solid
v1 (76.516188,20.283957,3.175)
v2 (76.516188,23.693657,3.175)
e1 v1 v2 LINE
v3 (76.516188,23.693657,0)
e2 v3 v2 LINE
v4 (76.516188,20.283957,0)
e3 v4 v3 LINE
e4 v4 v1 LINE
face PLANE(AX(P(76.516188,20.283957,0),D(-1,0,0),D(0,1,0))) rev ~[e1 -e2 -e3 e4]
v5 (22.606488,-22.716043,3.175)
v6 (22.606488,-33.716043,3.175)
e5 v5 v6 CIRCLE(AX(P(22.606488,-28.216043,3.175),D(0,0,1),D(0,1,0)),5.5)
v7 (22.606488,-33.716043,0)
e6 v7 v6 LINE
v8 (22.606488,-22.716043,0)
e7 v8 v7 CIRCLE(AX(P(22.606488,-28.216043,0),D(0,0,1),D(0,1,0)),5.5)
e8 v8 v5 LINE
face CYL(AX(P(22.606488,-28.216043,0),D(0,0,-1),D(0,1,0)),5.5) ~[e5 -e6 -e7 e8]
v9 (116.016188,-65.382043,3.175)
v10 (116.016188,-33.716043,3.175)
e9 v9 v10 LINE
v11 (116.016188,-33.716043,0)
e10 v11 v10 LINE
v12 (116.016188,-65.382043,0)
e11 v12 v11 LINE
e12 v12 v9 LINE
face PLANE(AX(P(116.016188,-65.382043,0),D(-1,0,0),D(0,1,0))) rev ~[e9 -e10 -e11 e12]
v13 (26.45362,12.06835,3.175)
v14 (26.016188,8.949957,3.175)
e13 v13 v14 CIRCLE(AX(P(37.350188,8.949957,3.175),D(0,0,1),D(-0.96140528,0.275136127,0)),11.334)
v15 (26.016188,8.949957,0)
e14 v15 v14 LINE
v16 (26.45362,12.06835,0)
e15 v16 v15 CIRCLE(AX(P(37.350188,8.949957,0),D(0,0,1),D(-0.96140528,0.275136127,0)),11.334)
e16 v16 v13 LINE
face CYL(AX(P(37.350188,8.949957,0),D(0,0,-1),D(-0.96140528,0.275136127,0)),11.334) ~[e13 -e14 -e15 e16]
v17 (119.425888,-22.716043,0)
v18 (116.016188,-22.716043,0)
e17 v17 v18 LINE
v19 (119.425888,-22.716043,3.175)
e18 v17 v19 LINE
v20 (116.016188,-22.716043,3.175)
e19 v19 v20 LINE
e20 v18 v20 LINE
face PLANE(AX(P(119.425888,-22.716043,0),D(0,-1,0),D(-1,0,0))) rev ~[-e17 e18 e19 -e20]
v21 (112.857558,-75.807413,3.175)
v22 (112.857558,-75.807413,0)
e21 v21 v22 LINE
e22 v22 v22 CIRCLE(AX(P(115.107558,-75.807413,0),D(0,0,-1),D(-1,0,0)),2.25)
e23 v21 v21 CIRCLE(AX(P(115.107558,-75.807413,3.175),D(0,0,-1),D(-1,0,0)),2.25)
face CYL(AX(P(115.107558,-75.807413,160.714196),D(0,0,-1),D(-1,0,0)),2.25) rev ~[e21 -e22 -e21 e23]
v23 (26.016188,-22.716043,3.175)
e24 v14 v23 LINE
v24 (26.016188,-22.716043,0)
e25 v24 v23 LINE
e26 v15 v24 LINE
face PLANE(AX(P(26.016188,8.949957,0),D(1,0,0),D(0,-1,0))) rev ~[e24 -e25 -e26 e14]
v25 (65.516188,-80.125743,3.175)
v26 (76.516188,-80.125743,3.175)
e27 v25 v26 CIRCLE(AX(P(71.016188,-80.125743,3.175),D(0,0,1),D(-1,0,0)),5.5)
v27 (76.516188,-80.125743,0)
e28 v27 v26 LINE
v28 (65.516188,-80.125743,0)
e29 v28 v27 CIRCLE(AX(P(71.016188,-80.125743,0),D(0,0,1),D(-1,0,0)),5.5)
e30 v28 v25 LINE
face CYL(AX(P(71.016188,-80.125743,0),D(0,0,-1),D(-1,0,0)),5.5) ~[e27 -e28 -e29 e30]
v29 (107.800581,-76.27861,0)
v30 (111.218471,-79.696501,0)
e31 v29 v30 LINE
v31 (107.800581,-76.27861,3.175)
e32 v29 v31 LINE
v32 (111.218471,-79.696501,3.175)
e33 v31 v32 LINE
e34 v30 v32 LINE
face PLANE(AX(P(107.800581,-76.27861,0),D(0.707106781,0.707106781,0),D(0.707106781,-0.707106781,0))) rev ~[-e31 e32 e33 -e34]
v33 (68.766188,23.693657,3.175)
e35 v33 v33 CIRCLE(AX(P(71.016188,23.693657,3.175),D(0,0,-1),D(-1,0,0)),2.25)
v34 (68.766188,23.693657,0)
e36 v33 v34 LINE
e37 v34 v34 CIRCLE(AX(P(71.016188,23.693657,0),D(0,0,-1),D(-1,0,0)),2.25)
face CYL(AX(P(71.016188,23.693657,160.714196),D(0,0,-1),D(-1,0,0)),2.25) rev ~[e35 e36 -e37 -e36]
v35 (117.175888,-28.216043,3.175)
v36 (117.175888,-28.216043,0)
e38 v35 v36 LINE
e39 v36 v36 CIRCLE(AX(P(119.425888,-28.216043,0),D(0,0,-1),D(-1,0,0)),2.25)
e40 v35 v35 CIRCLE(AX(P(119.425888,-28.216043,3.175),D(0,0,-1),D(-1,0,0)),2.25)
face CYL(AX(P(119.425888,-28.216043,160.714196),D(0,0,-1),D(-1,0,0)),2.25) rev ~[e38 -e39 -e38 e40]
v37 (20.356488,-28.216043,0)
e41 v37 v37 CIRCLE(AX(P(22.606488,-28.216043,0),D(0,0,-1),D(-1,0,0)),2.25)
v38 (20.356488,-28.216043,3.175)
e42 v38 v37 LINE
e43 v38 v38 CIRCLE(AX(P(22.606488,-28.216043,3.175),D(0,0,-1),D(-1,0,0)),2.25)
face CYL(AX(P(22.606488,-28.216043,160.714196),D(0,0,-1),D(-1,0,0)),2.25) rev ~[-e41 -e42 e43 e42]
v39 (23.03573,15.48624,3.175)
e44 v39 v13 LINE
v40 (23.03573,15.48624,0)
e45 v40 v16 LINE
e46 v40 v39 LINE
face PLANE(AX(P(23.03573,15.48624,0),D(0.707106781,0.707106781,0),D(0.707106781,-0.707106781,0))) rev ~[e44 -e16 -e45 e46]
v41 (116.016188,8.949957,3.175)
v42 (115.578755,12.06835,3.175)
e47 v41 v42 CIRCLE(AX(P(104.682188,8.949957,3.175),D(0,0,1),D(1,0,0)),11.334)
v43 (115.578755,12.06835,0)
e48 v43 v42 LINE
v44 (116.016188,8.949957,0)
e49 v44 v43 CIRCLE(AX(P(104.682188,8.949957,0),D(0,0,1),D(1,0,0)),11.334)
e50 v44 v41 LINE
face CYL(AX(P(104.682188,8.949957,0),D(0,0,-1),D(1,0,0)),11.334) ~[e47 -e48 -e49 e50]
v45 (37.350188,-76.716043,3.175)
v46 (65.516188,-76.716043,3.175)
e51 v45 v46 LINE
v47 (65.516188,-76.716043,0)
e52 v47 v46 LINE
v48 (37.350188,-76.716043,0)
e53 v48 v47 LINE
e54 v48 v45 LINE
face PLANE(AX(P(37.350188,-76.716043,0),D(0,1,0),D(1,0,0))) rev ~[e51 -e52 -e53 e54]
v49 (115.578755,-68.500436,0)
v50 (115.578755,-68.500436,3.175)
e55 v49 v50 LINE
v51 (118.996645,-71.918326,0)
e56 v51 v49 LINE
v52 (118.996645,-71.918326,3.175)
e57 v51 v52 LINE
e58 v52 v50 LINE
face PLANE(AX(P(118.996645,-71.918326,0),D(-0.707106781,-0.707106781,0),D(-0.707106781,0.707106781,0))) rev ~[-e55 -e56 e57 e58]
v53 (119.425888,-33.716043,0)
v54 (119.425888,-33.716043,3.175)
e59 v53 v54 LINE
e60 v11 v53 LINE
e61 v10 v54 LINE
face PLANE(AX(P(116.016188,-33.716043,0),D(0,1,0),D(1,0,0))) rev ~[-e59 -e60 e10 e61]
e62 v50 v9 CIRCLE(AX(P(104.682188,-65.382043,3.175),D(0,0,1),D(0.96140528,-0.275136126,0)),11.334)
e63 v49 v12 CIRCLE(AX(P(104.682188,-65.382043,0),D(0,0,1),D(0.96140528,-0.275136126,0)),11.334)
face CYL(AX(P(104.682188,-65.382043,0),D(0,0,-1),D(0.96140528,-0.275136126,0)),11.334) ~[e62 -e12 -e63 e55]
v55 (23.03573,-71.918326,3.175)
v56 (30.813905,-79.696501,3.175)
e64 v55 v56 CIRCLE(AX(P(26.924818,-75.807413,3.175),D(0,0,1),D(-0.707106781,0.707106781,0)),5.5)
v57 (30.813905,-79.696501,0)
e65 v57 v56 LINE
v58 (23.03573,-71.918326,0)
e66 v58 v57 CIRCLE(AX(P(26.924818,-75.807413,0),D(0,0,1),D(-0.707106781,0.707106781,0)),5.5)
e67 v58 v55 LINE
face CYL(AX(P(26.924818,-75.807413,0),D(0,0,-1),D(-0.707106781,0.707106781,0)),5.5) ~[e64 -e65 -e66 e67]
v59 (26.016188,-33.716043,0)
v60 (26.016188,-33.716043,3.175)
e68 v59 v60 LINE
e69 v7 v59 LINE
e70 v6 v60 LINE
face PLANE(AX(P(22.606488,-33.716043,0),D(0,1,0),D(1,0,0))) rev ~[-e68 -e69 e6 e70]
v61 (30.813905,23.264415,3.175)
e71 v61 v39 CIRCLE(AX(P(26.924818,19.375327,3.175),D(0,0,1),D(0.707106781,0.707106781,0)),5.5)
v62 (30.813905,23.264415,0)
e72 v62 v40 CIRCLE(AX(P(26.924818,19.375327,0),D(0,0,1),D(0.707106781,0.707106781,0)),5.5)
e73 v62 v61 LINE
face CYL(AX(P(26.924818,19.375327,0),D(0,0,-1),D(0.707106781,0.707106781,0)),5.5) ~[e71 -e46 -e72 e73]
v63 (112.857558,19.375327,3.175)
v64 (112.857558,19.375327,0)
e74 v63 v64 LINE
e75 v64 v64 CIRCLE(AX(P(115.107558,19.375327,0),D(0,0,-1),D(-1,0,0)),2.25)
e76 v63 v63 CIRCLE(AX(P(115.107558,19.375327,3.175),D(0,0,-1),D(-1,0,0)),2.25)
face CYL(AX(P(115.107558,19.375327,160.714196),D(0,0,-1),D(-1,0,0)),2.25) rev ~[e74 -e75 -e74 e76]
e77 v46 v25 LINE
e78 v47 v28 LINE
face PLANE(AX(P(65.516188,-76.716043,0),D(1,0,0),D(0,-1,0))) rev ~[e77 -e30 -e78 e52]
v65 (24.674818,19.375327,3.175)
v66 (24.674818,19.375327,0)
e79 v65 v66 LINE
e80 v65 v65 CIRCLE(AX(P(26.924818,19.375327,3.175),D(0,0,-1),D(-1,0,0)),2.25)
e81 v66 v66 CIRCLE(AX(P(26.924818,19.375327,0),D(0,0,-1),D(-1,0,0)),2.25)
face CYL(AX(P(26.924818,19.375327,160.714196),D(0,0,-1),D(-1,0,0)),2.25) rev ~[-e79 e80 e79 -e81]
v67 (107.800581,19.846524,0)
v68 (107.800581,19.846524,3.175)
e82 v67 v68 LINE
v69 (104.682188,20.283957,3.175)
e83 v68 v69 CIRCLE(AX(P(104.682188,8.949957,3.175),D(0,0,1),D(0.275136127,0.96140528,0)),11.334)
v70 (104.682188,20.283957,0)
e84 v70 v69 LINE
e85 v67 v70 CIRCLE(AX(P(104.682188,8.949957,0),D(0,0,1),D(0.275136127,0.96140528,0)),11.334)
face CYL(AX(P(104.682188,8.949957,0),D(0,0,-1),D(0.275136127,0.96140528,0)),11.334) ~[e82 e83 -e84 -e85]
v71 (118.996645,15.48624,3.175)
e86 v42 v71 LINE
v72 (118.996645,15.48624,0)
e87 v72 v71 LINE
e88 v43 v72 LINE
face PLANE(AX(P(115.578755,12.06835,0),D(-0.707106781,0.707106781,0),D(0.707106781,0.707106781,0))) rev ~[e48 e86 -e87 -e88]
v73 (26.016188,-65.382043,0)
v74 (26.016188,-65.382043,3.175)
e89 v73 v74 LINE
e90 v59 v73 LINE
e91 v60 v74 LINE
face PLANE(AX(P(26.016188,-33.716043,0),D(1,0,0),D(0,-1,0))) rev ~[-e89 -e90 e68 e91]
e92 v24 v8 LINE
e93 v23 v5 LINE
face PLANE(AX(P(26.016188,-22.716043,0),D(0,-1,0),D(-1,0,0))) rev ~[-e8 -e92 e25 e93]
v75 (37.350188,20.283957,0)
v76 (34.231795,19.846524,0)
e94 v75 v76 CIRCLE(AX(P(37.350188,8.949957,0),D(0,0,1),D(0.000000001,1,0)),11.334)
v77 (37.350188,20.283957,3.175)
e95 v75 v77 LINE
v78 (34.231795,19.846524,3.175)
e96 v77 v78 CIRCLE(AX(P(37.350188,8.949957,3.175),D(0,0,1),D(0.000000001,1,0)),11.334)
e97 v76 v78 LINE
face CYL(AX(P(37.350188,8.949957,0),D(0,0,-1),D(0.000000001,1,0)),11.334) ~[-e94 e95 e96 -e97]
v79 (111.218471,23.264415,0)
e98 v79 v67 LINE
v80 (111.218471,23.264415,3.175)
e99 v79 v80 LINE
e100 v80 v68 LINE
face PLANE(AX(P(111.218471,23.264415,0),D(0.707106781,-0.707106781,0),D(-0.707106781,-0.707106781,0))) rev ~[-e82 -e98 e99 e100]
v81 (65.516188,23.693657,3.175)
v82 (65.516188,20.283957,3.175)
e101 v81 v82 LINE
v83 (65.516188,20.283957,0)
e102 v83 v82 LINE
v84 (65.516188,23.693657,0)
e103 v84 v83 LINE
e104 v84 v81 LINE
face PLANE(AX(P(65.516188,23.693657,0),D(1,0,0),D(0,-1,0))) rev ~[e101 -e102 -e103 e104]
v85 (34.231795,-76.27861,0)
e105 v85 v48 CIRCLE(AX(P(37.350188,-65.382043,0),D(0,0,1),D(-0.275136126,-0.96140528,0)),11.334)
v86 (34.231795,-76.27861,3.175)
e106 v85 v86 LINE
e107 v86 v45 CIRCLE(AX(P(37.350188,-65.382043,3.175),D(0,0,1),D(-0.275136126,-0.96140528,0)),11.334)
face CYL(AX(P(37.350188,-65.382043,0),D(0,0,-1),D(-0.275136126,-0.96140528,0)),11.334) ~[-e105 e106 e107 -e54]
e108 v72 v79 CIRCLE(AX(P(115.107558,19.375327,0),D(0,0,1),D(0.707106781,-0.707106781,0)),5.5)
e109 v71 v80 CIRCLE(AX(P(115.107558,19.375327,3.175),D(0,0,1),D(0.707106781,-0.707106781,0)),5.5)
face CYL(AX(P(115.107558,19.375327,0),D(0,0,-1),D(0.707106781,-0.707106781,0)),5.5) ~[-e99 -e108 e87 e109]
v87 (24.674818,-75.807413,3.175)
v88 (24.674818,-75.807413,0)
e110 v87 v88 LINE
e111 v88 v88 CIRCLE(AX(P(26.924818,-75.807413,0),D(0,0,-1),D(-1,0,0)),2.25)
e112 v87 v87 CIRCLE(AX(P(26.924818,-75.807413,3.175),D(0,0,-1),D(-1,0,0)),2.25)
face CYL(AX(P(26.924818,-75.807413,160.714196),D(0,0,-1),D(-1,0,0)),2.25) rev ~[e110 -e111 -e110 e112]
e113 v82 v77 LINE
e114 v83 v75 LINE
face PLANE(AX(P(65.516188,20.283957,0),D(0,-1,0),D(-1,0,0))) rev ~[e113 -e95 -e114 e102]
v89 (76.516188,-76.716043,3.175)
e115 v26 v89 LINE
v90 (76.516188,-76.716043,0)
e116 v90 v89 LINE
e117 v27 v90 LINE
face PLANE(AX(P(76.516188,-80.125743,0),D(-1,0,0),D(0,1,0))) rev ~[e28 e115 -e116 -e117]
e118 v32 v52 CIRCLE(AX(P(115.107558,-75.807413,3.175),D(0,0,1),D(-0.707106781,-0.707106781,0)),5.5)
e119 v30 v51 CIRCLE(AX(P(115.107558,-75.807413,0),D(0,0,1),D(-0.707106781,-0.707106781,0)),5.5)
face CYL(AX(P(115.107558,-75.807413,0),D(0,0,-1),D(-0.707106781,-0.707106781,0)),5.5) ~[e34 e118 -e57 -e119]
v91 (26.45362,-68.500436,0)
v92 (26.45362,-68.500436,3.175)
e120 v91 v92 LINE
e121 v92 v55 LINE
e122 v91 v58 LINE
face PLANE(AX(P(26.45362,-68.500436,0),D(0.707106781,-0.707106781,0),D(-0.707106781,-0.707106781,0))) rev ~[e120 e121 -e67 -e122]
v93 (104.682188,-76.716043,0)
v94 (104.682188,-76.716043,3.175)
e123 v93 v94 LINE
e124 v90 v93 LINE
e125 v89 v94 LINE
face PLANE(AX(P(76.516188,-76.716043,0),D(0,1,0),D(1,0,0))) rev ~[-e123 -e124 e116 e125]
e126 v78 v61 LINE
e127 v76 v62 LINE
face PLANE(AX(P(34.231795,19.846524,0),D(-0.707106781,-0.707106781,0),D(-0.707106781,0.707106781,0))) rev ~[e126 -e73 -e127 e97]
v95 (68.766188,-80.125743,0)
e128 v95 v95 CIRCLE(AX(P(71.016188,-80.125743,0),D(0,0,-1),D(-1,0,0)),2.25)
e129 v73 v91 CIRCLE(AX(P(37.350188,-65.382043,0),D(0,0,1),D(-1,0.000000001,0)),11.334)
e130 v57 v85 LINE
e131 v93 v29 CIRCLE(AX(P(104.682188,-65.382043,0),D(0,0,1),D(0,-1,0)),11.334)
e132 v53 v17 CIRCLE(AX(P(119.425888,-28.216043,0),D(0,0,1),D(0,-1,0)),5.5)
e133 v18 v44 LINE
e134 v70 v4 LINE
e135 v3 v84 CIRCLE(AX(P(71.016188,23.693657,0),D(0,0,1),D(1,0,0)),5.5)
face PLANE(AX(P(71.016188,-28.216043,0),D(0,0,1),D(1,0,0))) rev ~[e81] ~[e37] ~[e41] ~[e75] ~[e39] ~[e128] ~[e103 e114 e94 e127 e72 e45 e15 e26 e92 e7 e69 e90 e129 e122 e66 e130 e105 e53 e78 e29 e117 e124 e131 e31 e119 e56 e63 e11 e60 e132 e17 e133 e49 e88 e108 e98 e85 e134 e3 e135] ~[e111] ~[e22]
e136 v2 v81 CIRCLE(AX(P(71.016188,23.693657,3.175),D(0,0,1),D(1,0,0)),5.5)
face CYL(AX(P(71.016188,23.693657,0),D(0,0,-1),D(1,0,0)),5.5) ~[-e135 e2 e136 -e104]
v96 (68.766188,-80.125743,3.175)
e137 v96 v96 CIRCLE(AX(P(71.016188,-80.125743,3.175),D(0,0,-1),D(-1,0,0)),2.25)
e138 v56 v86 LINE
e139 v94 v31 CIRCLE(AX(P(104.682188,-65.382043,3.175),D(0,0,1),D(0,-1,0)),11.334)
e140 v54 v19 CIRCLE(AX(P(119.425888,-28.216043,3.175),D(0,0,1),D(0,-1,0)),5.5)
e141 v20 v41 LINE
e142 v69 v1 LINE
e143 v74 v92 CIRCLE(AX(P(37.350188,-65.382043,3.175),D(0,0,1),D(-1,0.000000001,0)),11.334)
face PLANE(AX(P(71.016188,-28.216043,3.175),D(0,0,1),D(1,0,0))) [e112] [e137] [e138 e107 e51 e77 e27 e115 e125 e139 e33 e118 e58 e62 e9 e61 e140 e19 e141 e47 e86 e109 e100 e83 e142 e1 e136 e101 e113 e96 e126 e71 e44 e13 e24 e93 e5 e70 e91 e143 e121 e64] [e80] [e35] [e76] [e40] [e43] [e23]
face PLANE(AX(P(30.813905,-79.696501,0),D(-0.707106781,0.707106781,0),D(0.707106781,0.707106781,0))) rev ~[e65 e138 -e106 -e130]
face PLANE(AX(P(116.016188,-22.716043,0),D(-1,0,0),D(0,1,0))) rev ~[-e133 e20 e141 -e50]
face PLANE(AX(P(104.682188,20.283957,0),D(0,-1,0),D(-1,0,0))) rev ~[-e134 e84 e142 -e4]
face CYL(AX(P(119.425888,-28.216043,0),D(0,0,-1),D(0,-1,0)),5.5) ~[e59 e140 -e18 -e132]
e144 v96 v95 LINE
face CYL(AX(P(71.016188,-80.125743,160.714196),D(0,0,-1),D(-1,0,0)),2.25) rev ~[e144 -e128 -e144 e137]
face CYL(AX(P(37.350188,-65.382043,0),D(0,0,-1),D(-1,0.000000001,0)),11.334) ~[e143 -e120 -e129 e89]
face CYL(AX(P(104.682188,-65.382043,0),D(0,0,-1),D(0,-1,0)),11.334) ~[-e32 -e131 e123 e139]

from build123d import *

# Parameters (mm, degrees)
BOSS_EXTRUDE1_DEPTH  = 3.175
M4_CLEARANCE_HOLE1_D = 4.5


with BuildPart() as part:
    # Sketch1 → Boss-Extrude1 (new body)
    with BuildSketch(Plane.XY):
        with BuildLine():
            Line((37.350187889, -76.716042997), (65.516187889, -76.716042997))
            Line((65.516187889, -76.716042997), (65.516187889, -80.125742997))
            ThreePointArc((65.516187889, -80.125742997), (71.016187889, -85.625742997), (76.516187889, -80.125742997))
            Line((76.516187889, -80.125742997), (76.516187889, -76.716042997))
            Line((76.516187889, -76.716042997), (104.682187889, -76.716042997))
            ThreePointArc((104.682187889, -76.716042997), (106.256649797, -76.606152124), (107.800580738, -76.278610439))
            Line((107.800580738, -76.278610439), (111.218470842, -79.696500543))
            ThreePointArc((111.218470842, -79.696500543), (118.996645435, -79.696500543), (118.996645435, -71.91832595))
            Line((118.996645435, -71.91832595), (115.578755331, -68.500435846))
            ThreePointArc((115.578755331, -68.500435846), (115.906297016, -66.956504905), (116.016187889, -65.382042997))
            Line((116.016187889, -65.382042997), (116.016187889, -33.716042997))
            Line((116.016187889, -33.716042997), (119.425887889, -33.716042997))
            ThreePointArc((119.425887889, -33.716042997), (124.925887889, -28.216042997), (119.425887889, -22.716042997))
            Line((119.425887889, -22.716042997), (116.016187889, -22.716042997))
            Line((116.016187889, -22.716042997), (116.016187889, 8.949957003))
            ThreePointArc((116.016187889, 8.949957003), (115.906297016, 10.524418912), (115.578755331, 12.068349853))
            Line((115.578755331, 12.068349853), (118.996645435, 15.486239957))
            ThreePointArc((118.996645435, 15.486239957), (118.996645435, 23.26441455), (111.218470842, 23.26441455))
            Line((111.218470842, 23.26441455), (107.800580738, 19.846524446))
            ThreePointArc((107.800580738, 19.846524446), (106.256649797, 20.174066131), (104.682187889, 20.283957003))
            Line((104.682187889, 20.283957003), (76.516187889, 20.283957003))
            Line((76.516187889, 20.283957003), (76.516187889, 23.693657003))
            ThreePointArc((76.516187889, 23.693657003), (71.016187889, 29.193657003), (65.516187889, 23.693657003))
            Line((65.516187889, 23.693657003), (65.516187889, 20.283957003))
            Line((65.516187889, 20.283957003), (37.350187889, 20.283957003))
            ThreePointArc((37.350187889, 20.283957003), (35.77572598, 20.174066131), (34.231795039, 19.846524446))
            Line((34.231795039, 19.846524446), (30.813904935, 23.26441455))
            ThreePointArc((30.813904935, 23.26441455), (23.035730342, 23.26441455), (23.035730342, 15.486239957))
            Line((23.035730342, 15.486239957), (26.453620446, 12.068349853))
            ThreePointArc((26.453620446, 12.068349853), (26.126078761, 10.524418912), (26.016187889, 8.949957003))
            Line((26.016187889, 8.949957003), (26.016187889, -22.716042997))
            Line((26.016187889, -22.716042997), (22.606487889, -22.716042997))
            ThreePointArc((22.606487889, -22.716042997), (17.106487889, -28.216042997), (22.606487889, -33.716042997))
            Line((22.606487889, -33.716042997), (26.016187889, -33.716042997))
            Line((26.016187889, -33.716042997), (26.016187889, -65.382042997))
            ThreePointArc((26.016187889, -65.382042997), (26.126078761, -66.956504905), (26.453620446, -68.500435846))
            Line((26.453620446, -68.500435846), (23.035730342, -71.91832595))
            ThreePointArc((23.035730342, -71.91832595), (23.035730342, -79.696500543), (30.813904935, -79.696500543))
            Line((30.813904935, -79.696500543), (34.231795039, -76.278610439))
            ThreePointArc((34.231795039, -76.278610439), (35.77572598, -76.606152124), (37.350187889, -76.716042997))
        make_face()
    extrude(amount=BOSS_EXTRUDE1_DEPTH)

    # M4 Clearance Hole1 (through all)
    with Locations(Plane.XY.offset(3.175)):
        with Locations((26.924817639, -75.807413246), (22.606487889, -28.216042997), (71.016187889, -80.125742997), (115.107558138, -75.807413246), (119.425887889, -28.216042997), (115.107558138, 19.375327253), (71.016187889, 23.693657003), (26.924817639, 19.375327253)):
            Hole(M4_CLEARANCE_HOLE1_D / 2)


solid = part.part
